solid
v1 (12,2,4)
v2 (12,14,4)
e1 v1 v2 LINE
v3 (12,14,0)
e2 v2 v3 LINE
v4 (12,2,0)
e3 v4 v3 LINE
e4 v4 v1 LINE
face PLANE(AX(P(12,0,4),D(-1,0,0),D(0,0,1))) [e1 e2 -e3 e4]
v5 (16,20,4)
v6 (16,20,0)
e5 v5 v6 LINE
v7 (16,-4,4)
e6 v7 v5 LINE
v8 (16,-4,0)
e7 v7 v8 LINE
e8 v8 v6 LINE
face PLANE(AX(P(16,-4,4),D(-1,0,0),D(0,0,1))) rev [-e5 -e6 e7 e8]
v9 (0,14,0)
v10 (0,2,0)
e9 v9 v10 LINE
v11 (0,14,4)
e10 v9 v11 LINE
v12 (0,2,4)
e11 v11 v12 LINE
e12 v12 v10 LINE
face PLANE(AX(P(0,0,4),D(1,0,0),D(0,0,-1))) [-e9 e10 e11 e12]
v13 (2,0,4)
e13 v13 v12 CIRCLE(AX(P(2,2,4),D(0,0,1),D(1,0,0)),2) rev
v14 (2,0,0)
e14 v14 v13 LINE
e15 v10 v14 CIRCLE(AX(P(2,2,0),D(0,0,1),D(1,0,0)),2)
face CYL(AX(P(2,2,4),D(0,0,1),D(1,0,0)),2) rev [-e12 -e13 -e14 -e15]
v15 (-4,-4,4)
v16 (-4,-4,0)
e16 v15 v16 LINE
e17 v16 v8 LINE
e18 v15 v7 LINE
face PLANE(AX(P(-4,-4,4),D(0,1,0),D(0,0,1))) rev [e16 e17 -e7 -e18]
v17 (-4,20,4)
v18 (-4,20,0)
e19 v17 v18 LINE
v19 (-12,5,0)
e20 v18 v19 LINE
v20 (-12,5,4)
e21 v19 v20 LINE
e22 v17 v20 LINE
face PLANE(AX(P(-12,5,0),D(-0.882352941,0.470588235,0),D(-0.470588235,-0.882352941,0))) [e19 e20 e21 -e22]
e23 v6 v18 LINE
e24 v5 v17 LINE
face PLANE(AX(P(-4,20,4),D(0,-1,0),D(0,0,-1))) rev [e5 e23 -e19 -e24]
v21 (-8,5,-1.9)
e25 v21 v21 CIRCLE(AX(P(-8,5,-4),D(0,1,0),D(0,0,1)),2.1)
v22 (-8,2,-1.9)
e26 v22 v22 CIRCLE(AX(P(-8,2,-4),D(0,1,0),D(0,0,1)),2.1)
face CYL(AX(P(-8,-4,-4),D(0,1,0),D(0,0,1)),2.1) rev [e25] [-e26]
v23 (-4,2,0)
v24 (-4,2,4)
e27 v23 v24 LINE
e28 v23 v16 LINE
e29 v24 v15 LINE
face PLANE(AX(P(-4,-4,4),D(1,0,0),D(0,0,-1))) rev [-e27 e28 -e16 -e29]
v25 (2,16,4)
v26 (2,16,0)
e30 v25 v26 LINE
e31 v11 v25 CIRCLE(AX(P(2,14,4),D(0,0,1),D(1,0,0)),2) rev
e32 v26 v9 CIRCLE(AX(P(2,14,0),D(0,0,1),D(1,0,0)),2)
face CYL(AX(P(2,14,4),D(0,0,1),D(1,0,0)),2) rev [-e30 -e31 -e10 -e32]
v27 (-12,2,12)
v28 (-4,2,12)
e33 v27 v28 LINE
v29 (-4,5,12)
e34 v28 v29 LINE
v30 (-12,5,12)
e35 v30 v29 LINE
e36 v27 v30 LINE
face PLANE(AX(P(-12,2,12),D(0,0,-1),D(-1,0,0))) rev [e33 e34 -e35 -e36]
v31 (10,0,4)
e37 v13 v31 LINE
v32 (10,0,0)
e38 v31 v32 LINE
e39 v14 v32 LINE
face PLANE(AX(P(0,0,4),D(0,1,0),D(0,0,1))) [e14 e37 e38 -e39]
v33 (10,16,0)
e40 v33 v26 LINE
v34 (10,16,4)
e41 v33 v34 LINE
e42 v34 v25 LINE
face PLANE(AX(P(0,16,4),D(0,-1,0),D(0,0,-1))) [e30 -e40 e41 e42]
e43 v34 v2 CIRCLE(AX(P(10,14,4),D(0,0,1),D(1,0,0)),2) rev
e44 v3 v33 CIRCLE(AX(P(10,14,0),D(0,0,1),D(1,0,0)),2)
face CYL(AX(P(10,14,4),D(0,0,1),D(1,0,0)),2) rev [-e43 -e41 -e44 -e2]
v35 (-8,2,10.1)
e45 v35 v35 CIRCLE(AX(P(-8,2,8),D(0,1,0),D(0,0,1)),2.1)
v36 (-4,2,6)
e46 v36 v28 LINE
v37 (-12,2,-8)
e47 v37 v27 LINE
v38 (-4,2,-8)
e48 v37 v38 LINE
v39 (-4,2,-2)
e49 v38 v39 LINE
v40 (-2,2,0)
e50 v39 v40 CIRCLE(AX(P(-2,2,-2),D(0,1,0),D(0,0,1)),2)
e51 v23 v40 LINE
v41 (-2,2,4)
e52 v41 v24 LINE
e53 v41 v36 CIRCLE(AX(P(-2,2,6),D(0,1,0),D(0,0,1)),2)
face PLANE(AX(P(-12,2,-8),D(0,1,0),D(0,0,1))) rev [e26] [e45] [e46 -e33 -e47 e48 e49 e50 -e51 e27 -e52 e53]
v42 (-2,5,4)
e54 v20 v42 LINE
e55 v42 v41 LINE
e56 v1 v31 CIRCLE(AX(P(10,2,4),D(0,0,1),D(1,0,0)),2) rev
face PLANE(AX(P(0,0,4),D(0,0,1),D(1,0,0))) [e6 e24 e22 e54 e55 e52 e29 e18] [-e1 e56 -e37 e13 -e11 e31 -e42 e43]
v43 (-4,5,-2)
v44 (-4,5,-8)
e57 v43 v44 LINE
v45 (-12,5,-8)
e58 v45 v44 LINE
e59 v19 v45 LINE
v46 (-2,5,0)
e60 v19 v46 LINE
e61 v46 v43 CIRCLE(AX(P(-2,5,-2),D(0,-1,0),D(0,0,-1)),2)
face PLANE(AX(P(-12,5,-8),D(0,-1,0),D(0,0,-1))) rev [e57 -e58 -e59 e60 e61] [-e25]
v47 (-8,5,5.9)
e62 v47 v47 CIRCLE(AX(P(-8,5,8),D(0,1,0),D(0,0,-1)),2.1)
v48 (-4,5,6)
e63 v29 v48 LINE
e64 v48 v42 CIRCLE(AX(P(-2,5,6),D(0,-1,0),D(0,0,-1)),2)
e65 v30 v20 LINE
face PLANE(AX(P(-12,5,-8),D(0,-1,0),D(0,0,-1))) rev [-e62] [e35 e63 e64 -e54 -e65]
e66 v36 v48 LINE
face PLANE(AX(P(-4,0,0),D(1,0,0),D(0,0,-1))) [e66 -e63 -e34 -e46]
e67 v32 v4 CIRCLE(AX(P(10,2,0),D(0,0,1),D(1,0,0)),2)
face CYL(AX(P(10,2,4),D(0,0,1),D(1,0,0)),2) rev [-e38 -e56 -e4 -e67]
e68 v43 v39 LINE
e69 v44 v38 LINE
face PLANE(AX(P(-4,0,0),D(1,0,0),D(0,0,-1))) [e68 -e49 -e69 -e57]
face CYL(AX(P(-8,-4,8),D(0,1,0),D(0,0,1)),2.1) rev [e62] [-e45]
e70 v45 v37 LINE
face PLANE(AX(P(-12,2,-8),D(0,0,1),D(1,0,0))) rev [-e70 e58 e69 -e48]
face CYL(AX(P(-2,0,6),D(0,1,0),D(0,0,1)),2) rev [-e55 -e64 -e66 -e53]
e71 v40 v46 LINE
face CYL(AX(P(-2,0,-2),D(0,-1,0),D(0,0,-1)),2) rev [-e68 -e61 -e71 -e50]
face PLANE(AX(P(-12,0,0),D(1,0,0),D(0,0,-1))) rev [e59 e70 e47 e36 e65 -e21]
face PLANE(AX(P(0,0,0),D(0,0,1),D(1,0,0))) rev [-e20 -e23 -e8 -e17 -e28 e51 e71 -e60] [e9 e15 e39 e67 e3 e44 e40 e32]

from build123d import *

# Parameters (mm, degrees)
SKETCH_1_W          = 20
SKETCH_1_H          = 24
SKETCH_1_W_2        = 12
SKETCH_1_H_2        = 16
EXTRUDE_1_DEPTH     = 4
SKETCH_2_W          = 20
SKETCH_2_H          = 3
EXTRUDE_2_DEPTH     = 8
EXTRUDE_3_DEPTH     = 4
SKETCH_4_R          = 2.1
CUT_EXTRUDE_1_DEPTH = 26
FILLET_1_R          = 2
FILLET_4_R          = 2


with BuildPart() as part:
    # 草图1 → 凸台-拉伸1 (new body)
    with BuildSketch(Plane.XY):
        with Locations((6, 8)):
            Rectangle(SKETCH_1_W, SKETCH_1_H)
        with Locations((6, 8)):
            Rectangle(SKETCH_1_W_2, SKETCH_1_H_2, mode=Mode.SUBTRACT)
    extrude(amount=EXTRUDE_1_DEPTH)

    # 草图2 → 凸台-拉伸2 (add)
    with BuildSketch(Plane.ZY.offset(4)):
        with Locations((2, 3.5)):
            Rectangle(SKETCH_2_W, SKETCH_2_H)
    extrude(amount=EXTRUDE_2_DEPTH)

    # 草图3 → 凸台-拉伸3 (add)
    with BuildSketch(Plane.XY.offset(4)):
        Polygon((-12, 5), (-4, 20), (-4, 5), align=None)
    extrude(amount=-EXTRUDE_3_DEPTH)

    # 草图4 → 切除-拉伸1 (cut, through all)
    with BuildSketch(Plane(origin=(0, 5, 0), x_dir=(1, 0, 0), z_dir=(0, 1, 0))):
        with Locations(Location((-8, 4, 0), (0, 0, 270))):
            Circle(SKETCH_4_R)
        with Locations(Location((-8, -8, 0), (0, 0, 270))):
            Circle(SKETCH_4_R)
    extrude(amount=-CUT_EXTRUDE_1_DEPTH, mode=Mode.SUBTRACT)

    # 圆角1
    fillet_1_edges = [part.edges().sort_by_distance(p)[0] for p in [
        (0, 16, 2),
        (0, 0, 2),
        (12, 0, 2),
        (12, 16, 2),
    ]]
    fillet(fillet_1_edges, radius=FILLET_1_R)

    # 圆角4
    fillet_4_edges = [part.edges().sort_by_distance(p)[0] for p in [
        (-4, 3.5, 0),
        (-4, 3.5, 4),
    ]]
    fillet(fillet_4_edges, radius=FILLET_4_R)


solid = part.part
